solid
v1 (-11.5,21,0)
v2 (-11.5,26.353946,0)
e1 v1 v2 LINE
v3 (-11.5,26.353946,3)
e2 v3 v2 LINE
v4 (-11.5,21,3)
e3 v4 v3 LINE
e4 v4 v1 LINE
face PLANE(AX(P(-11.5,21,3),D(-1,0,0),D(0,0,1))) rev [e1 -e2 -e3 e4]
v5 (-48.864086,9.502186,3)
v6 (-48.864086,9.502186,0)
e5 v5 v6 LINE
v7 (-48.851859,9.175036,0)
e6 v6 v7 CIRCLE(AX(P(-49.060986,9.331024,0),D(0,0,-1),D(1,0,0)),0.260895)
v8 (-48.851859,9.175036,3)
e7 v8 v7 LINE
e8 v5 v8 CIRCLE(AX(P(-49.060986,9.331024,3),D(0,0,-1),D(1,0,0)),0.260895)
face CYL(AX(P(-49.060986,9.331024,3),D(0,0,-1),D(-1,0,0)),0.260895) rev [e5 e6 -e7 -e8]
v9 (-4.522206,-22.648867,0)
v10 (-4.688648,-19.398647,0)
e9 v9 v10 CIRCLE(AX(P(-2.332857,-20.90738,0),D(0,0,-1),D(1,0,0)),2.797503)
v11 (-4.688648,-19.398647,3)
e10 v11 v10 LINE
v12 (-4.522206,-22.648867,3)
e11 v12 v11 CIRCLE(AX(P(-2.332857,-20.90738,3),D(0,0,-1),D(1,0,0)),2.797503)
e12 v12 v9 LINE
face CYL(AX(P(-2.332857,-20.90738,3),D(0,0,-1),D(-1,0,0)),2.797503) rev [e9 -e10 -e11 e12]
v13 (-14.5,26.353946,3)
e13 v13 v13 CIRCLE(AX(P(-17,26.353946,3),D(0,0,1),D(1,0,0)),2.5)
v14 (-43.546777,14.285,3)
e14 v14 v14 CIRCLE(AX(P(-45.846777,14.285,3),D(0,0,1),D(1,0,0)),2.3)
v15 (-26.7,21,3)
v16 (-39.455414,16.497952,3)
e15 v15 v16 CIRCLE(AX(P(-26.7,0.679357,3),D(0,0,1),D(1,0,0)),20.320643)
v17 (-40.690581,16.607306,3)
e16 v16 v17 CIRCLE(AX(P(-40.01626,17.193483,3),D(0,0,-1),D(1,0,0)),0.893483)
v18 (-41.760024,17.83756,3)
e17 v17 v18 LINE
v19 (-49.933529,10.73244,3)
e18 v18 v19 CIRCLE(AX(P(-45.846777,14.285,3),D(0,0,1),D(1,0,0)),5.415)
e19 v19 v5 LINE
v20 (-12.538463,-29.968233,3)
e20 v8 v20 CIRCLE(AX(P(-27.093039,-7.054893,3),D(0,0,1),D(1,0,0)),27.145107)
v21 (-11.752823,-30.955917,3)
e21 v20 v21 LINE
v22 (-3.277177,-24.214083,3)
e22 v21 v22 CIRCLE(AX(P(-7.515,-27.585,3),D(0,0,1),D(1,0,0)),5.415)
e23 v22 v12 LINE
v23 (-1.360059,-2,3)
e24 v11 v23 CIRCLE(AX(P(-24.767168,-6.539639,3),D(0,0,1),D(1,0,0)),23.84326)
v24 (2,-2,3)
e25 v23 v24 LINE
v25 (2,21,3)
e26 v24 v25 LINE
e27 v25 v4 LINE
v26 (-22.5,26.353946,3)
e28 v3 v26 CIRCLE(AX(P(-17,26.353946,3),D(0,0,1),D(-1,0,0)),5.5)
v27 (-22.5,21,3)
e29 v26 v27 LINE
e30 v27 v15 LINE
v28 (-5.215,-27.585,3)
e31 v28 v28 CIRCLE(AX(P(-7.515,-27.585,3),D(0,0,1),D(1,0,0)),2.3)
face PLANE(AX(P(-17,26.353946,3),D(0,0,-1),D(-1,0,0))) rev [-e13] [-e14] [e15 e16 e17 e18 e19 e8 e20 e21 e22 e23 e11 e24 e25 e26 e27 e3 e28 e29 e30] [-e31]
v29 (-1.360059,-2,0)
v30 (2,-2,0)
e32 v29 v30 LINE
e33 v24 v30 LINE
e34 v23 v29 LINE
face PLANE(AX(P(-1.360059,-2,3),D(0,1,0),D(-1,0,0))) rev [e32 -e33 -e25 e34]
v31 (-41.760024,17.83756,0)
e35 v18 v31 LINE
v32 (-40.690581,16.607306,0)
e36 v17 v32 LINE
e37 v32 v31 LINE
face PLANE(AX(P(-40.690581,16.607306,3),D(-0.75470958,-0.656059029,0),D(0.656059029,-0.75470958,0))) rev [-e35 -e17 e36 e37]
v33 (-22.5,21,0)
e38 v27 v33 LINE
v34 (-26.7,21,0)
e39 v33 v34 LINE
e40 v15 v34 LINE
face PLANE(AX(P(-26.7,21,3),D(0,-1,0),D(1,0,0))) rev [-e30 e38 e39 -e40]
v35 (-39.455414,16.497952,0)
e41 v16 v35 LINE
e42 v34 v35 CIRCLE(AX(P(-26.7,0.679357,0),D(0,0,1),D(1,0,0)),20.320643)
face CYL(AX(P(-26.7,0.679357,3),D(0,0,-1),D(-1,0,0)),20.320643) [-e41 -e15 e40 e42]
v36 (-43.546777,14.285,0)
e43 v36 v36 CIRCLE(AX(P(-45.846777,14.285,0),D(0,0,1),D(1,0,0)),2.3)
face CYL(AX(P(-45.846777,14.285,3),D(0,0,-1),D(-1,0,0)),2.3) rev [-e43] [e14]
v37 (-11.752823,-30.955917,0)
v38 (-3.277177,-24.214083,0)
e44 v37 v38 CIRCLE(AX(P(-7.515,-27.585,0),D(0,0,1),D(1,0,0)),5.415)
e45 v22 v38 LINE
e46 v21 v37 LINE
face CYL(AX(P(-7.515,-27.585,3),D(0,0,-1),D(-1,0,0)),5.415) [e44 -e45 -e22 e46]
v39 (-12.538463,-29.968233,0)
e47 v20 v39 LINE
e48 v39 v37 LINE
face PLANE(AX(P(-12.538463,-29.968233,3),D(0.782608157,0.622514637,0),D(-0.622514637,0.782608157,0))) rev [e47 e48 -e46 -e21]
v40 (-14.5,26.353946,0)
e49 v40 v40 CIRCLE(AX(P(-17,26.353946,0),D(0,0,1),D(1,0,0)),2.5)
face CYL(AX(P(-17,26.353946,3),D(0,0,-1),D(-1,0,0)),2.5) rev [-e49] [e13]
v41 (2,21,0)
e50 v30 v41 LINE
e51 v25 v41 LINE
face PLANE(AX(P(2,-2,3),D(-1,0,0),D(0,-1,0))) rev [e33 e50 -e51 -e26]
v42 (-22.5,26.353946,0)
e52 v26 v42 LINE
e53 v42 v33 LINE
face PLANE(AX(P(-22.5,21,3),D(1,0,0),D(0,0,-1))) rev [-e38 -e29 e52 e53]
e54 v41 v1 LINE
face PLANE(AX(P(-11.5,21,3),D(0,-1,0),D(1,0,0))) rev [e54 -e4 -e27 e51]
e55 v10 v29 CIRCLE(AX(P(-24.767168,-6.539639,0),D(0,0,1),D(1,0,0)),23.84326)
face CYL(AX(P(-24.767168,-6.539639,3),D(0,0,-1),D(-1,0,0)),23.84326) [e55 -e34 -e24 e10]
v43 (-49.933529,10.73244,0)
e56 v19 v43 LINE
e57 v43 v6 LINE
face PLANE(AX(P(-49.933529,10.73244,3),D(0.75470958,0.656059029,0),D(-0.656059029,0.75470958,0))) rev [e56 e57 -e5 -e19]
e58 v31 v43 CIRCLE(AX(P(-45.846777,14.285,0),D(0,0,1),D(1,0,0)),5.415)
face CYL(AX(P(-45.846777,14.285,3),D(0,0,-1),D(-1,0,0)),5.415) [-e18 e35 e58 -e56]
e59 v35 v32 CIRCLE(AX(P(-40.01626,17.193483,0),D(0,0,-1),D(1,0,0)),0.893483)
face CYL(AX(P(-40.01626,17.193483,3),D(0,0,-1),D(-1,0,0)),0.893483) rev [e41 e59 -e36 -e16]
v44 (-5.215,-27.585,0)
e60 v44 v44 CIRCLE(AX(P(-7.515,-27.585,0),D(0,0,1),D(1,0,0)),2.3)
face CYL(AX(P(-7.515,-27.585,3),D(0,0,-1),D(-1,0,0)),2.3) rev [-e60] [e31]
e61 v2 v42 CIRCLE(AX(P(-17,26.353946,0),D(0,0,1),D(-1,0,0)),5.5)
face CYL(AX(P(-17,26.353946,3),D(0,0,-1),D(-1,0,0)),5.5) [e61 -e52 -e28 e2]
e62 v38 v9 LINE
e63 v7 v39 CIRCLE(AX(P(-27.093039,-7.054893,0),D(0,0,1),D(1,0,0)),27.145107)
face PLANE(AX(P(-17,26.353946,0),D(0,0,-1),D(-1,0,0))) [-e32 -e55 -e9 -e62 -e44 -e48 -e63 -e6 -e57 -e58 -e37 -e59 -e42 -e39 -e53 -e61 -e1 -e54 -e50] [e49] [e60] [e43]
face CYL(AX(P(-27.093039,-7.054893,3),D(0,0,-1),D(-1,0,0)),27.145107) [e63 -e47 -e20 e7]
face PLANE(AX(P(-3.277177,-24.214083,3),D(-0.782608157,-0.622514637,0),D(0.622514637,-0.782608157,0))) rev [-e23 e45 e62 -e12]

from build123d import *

# Parameters (mm, degrees)
SKETCH1_R           = 2.3
SKETCH1_R_2         = 2.5
BOSS_EXTRUDE1_DEPTH = 3


with BuildPart() as part:
    # Sketch1 → Boss-Extrude1 (new body)
    with BuildSketch(Plane.XY):
        with BuildLine():
            Line((-11.5, 21), (2, 21))
            Line((2, 21), (2, -2))
            Line((2, -2), (-1.360059051, -2))
            ThreePointArc((-1.360059051, -2), (-1.348623714, -11.019912453), (-4.688647717, -19.398646909))
            ThreePointArc((-4.688647717, -19.398646909), (-5.126699638, -21.05045095), (-4.522206104, -22.648866929))
            Line((-4.522206104, -22.648866929), (-3.277176831, -24.214083243))
            ThreePointArc((-3.277176831, -24.214083243), (-4.144083243, -31.822823169), (-11.752823169, -30.955916757))
            Line((-11.752823169, -30.955916757), (-12.538462624, -29.968232598))
            ThreePointArc((-12.538462624, -29.968232598), (-18.164899658, -32.689735637), (-24.264648783, -34.05224549))
            ThreePointArc((-24.264648783, -34.05224549), (-27.093039229, -34.2), (-29.921429675, -34.05224549))
            ThreePointArc((-29.921429675, -34.05224549), (-51.958319855, -17.944091524), (-48.851858813, 9.175035542))
            ThreePointArc((-48.851858813, 9.175035542), (-48.800272502, 9.340767339), (-48.864085593, 9.502186251))
            Line((-48.864085593, 9.502186251), (-49.933529172, 10.732440358))
            ThreePointArc((-49.933529172, 10.732440358), (-49.399336437, 18.371752377), (-41.760024419, 17.837559642))
            Line((-41.760024419, 17.837559642), (-40.69058084, 16.607305535))
            ThreePointArc((-40.69058084, 16.607305535), (-40.095055579, 16.303481207), (-39.455414432, 16.49795167))
            ThreePointArc((-39.455414432, 16.49795167), (-33.463302383, 19.841462143), (-26.7, 21))
            Line((-26.7, 21), (-22.5, 21))
            Line((-22.5, 21), (-22.5, 26.353946086))
            ThreePointArc((-22.5, 26.353946086), (-17, 31.853946086), (-11.5, 26.353946086))
            Line((-11.5, 26.353946086), (-11.5, 21))
        make_face()
        with Locations((-45.846776795, 14.285)):
            Circle(SKETCH1_R, mode=Mode.SUBTRACT)
        with Locations((-7.515, -27.585)):
            Circle(SKETCH1_R, mode=Mode.SUBTRACT)
        with Locations((-17, 26.353946086)):
            Circle(SKETCH1_R_2, mode=Mode.SUBTRACT)
    extrude(amount=BOSS_EXTRUDE1_DEPTH)


solid = part.part
